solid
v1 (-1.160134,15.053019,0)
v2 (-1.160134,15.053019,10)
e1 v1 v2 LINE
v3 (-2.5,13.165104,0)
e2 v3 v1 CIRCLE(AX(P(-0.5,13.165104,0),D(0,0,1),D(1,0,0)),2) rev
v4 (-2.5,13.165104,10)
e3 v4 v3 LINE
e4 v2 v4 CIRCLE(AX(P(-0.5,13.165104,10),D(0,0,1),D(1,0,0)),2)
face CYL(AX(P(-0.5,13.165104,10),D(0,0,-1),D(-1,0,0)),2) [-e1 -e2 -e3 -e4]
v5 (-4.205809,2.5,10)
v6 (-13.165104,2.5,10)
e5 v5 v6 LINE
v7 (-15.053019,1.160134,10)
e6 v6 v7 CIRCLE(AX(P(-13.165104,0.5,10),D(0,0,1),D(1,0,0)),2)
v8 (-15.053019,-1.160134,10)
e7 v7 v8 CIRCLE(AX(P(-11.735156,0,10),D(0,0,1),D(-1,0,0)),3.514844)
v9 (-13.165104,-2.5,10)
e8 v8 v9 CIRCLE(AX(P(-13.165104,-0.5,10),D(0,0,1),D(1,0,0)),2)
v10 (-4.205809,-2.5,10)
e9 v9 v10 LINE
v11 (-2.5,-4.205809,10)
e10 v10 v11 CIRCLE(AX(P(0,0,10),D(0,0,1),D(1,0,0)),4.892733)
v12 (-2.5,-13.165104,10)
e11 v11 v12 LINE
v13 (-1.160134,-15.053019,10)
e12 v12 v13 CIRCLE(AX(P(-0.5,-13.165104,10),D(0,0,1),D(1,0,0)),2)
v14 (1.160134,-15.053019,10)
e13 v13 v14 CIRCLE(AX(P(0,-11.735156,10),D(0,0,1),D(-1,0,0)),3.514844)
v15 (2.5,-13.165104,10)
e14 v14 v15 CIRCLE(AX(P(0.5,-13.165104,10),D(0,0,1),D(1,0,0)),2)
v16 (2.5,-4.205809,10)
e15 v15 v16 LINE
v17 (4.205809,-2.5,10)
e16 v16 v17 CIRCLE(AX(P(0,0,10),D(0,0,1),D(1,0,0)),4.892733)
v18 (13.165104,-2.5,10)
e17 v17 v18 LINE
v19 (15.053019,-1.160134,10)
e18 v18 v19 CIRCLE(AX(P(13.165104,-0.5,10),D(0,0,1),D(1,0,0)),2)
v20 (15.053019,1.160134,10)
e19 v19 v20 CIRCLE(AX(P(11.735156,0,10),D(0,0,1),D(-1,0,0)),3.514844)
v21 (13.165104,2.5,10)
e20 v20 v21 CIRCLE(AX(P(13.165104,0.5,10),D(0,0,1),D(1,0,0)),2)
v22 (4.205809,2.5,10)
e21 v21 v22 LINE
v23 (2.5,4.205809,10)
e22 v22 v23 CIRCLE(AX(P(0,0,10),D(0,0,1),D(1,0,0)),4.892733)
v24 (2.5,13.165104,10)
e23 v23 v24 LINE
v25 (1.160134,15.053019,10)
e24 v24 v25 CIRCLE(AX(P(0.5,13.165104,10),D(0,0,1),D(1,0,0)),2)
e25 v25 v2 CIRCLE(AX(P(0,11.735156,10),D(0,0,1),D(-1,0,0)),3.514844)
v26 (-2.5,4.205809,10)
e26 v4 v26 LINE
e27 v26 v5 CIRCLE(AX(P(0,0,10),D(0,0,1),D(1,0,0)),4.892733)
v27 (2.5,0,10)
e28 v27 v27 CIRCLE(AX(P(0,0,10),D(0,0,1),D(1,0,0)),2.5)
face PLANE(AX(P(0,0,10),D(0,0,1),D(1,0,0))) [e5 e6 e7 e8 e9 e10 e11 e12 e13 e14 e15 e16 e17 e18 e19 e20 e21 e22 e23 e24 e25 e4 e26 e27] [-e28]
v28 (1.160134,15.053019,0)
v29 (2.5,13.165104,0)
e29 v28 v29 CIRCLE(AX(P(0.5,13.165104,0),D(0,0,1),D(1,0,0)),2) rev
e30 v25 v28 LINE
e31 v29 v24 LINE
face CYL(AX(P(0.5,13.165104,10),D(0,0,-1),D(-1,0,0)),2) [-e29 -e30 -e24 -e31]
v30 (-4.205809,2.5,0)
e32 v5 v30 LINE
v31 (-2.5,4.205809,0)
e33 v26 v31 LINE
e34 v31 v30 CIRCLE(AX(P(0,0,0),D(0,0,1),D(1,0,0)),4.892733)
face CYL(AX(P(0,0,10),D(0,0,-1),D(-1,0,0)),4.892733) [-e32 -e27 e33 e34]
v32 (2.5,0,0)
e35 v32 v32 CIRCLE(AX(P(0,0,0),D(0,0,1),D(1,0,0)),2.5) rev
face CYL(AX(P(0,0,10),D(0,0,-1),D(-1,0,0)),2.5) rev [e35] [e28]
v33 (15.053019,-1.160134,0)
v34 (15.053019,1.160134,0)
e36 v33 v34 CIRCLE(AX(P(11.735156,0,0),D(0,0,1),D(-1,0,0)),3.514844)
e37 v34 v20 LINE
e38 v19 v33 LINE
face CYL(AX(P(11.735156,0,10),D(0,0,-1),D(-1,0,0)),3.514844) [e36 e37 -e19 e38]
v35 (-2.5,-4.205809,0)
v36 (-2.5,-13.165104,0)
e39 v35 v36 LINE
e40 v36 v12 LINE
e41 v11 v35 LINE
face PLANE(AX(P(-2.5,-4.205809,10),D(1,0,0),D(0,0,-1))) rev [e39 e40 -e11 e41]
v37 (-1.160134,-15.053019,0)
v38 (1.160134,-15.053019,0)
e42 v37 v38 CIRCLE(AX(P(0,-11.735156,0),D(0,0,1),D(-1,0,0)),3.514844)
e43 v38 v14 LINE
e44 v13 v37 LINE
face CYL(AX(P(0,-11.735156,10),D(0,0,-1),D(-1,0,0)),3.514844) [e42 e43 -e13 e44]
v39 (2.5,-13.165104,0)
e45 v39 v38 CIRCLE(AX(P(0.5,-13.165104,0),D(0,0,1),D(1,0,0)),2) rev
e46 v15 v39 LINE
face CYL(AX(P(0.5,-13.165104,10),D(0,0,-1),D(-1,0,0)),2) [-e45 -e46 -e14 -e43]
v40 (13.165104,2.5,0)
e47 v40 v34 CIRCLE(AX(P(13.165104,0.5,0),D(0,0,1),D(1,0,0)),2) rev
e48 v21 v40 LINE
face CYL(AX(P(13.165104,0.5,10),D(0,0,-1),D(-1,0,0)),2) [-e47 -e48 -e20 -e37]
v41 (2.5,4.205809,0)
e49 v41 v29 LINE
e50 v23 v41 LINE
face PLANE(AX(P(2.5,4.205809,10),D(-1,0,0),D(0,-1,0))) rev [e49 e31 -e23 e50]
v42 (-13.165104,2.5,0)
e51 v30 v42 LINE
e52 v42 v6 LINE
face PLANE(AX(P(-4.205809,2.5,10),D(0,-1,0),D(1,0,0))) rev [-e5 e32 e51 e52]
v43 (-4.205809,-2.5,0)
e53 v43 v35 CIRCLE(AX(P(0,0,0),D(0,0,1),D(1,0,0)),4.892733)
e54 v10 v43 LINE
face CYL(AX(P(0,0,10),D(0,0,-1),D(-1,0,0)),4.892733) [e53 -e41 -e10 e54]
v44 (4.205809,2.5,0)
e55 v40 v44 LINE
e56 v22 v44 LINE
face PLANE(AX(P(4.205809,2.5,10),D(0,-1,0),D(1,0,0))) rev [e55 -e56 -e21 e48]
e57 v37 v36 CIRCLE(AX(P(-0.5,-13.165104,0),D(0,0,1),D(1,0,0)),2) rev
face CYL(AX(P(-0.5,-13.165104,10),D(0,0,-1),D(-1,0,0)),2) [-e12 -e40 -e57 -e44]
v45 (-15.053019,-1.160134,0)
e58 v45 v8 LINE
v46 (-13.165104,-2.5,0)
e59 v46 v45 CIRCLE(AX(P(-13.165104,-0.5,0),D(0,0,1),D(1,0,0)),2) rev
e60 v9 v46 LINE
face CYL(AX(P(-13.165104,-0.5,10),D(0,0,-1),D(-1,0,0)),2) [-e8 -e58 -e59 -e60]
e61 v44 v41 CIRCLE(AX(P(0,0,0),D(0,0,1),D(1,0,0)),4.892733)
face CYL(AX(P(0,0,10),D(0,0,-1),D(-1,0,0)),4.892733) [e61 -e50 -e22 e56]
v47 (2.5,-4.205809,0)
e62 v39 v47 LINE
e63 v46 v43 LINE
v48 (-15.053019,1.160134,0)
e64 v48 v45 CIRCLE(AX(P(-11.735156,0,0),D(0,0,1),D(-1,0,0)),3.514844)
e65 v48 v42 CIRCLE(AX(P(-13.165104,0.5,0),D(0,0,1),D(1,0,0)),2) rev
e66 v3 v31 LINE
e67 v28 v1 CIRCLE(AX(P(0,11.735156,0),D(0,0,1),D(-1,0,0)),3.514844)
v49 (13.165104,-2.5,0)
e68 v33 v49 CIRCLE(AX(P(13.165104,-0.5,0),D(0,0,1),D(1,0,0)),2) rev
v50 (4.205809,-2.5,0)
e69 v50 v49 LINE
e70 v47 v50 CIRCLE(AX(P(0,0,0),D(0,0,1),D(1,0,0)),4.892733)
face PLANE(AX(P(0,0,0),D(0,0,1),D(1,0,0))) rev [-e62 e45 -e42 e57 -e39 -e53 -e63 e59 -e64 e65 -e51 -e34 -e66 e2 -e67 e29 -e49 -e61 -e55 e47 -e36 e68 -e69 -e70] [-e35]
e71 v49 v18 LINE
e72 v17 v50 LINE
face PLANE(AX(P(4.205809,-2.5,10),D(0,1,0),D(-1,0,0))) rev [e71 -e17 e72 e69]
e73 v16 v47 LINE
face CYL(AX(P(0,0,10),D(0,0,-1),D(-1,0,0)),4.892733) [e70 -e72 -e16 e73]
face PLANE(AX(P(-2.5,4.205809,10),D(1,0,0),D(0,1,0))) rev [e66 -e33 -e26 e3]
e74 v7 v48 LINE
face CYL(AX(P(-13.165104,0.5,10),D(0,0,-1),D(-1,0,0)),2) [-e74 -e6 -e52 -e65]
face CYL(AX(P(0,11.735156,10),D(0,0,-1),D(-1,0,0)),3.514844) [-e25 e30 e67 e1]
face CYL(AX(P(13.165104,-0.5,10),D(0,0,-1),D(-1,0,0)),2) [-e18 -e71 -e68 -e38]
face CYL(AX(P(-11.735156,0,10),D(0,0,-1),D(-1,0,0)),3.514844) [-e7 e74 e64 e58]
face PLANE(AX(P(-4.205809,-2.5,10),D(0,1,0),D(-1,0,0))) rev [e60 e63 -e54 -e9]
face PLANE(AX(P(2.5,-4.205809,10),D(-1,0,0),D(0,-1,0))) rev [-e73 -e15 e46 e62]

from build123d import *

# Parameters (mm, degrees)
BOSS_EXTRUDE1_DEPTH     = 10
FILLET1_R               = 2
CUT_EXTRUDE1_DEPTH      = 24.772357897
CUT_EXTRUDE1_DEPTH_BACK = 24.772357897
SKETCH4_R               = 2.5


with BuildPart() as part:
    # Sketch3 → Boss-Extrude1 (new body)
    with BuildSketch(Plane.XY):
        with BuildLine():
            Line((-2.5, 4.205809256), (-2.5, 14.205809256))
            ThreePointArc((-2.5, 14.205809256), (0, 15.25), (2.5, 14.205809256))
            Line((2.5, 14.205809256), (2.5, 4.205809256))
            ThreePointArc((2.5, 4.205809256), (3.459684342, 3.459684342), (4.205809256, 2.5))
            Line((4.205809256, 2.5), (14.205809256, 2.5))
            ThreePointArc((14.205809256, 2.5), (15.25, 0), (14.205809256, -2.5))
            Line((14.205809256, -2.5), (4.205809256, -2.5))
            ThreePointArc((4.205809256, -2.5), (3.459684342, -3.459684342), (2.5, -4.205809256))
            Line((2.5, -4.205809256), (2.5, -14.205809256))
            ThreePointArc((2.5, -14.205809256), (0, -15.25), (-2.5, -14.205809256))
            Line((-2.5, -14.205809256), (-2.5, -4.205809256))
            ThreePointArc((-2.5, -4.205809256), (-3.459684342, -3.459684342), (-4.205809256, -2.5))
            Line((-4.205809256, -2.5), (-14.205809256, -2.5))
            ThreePointArc((-14.205809256, -2.5), (-15.25, 0), (-14.205809256, 2.5))
            Line((-14.205809256, 2.5), (-4.205809256, 2.5))
            ThreePointArc((-4.205809256, 2.5), (-3.459684342, 3.459684342), (-2.5, 4.205809256))
        make_face()
    extrude(amount=BOSS_EXTRUDE1_DEPTH)

    # Fillet1
    fillet1_edges = [part.edges().sort_by_distance(p)[0] for p in [
        (-2.5, 14.205809256, 5),
        (2.5, 14.205809256, 5),
        (14.205809256, 2.5, 5),
        (14.205809256, -2.5, 5),
        (2.5, -14.205809256, 5),
        (-2.5, -14.205809256, 5),
        (-14.205809256, -2.5, 5),
        (-14.205809256, 2.5, 5),
    ]]
    fillet(fillet1_edges, radius=FILLET1_R)

    # Sketch4 → Cut-Extrude1 (cut, two sides: drawn at the far end of the back side and taken through both)
    with BuildSketch(Plane.XY.offset(-CUT_EXTRUDE1_DEPTH_BACK)):
        Circle(SKETCH4_R)
    extrude(amount=CUT_EXTRUDE1_DEPTH + CUT_EXTRUDE1_DEPTH_BACK, mode=Mode.SUBTRACT)


solid = part.part
